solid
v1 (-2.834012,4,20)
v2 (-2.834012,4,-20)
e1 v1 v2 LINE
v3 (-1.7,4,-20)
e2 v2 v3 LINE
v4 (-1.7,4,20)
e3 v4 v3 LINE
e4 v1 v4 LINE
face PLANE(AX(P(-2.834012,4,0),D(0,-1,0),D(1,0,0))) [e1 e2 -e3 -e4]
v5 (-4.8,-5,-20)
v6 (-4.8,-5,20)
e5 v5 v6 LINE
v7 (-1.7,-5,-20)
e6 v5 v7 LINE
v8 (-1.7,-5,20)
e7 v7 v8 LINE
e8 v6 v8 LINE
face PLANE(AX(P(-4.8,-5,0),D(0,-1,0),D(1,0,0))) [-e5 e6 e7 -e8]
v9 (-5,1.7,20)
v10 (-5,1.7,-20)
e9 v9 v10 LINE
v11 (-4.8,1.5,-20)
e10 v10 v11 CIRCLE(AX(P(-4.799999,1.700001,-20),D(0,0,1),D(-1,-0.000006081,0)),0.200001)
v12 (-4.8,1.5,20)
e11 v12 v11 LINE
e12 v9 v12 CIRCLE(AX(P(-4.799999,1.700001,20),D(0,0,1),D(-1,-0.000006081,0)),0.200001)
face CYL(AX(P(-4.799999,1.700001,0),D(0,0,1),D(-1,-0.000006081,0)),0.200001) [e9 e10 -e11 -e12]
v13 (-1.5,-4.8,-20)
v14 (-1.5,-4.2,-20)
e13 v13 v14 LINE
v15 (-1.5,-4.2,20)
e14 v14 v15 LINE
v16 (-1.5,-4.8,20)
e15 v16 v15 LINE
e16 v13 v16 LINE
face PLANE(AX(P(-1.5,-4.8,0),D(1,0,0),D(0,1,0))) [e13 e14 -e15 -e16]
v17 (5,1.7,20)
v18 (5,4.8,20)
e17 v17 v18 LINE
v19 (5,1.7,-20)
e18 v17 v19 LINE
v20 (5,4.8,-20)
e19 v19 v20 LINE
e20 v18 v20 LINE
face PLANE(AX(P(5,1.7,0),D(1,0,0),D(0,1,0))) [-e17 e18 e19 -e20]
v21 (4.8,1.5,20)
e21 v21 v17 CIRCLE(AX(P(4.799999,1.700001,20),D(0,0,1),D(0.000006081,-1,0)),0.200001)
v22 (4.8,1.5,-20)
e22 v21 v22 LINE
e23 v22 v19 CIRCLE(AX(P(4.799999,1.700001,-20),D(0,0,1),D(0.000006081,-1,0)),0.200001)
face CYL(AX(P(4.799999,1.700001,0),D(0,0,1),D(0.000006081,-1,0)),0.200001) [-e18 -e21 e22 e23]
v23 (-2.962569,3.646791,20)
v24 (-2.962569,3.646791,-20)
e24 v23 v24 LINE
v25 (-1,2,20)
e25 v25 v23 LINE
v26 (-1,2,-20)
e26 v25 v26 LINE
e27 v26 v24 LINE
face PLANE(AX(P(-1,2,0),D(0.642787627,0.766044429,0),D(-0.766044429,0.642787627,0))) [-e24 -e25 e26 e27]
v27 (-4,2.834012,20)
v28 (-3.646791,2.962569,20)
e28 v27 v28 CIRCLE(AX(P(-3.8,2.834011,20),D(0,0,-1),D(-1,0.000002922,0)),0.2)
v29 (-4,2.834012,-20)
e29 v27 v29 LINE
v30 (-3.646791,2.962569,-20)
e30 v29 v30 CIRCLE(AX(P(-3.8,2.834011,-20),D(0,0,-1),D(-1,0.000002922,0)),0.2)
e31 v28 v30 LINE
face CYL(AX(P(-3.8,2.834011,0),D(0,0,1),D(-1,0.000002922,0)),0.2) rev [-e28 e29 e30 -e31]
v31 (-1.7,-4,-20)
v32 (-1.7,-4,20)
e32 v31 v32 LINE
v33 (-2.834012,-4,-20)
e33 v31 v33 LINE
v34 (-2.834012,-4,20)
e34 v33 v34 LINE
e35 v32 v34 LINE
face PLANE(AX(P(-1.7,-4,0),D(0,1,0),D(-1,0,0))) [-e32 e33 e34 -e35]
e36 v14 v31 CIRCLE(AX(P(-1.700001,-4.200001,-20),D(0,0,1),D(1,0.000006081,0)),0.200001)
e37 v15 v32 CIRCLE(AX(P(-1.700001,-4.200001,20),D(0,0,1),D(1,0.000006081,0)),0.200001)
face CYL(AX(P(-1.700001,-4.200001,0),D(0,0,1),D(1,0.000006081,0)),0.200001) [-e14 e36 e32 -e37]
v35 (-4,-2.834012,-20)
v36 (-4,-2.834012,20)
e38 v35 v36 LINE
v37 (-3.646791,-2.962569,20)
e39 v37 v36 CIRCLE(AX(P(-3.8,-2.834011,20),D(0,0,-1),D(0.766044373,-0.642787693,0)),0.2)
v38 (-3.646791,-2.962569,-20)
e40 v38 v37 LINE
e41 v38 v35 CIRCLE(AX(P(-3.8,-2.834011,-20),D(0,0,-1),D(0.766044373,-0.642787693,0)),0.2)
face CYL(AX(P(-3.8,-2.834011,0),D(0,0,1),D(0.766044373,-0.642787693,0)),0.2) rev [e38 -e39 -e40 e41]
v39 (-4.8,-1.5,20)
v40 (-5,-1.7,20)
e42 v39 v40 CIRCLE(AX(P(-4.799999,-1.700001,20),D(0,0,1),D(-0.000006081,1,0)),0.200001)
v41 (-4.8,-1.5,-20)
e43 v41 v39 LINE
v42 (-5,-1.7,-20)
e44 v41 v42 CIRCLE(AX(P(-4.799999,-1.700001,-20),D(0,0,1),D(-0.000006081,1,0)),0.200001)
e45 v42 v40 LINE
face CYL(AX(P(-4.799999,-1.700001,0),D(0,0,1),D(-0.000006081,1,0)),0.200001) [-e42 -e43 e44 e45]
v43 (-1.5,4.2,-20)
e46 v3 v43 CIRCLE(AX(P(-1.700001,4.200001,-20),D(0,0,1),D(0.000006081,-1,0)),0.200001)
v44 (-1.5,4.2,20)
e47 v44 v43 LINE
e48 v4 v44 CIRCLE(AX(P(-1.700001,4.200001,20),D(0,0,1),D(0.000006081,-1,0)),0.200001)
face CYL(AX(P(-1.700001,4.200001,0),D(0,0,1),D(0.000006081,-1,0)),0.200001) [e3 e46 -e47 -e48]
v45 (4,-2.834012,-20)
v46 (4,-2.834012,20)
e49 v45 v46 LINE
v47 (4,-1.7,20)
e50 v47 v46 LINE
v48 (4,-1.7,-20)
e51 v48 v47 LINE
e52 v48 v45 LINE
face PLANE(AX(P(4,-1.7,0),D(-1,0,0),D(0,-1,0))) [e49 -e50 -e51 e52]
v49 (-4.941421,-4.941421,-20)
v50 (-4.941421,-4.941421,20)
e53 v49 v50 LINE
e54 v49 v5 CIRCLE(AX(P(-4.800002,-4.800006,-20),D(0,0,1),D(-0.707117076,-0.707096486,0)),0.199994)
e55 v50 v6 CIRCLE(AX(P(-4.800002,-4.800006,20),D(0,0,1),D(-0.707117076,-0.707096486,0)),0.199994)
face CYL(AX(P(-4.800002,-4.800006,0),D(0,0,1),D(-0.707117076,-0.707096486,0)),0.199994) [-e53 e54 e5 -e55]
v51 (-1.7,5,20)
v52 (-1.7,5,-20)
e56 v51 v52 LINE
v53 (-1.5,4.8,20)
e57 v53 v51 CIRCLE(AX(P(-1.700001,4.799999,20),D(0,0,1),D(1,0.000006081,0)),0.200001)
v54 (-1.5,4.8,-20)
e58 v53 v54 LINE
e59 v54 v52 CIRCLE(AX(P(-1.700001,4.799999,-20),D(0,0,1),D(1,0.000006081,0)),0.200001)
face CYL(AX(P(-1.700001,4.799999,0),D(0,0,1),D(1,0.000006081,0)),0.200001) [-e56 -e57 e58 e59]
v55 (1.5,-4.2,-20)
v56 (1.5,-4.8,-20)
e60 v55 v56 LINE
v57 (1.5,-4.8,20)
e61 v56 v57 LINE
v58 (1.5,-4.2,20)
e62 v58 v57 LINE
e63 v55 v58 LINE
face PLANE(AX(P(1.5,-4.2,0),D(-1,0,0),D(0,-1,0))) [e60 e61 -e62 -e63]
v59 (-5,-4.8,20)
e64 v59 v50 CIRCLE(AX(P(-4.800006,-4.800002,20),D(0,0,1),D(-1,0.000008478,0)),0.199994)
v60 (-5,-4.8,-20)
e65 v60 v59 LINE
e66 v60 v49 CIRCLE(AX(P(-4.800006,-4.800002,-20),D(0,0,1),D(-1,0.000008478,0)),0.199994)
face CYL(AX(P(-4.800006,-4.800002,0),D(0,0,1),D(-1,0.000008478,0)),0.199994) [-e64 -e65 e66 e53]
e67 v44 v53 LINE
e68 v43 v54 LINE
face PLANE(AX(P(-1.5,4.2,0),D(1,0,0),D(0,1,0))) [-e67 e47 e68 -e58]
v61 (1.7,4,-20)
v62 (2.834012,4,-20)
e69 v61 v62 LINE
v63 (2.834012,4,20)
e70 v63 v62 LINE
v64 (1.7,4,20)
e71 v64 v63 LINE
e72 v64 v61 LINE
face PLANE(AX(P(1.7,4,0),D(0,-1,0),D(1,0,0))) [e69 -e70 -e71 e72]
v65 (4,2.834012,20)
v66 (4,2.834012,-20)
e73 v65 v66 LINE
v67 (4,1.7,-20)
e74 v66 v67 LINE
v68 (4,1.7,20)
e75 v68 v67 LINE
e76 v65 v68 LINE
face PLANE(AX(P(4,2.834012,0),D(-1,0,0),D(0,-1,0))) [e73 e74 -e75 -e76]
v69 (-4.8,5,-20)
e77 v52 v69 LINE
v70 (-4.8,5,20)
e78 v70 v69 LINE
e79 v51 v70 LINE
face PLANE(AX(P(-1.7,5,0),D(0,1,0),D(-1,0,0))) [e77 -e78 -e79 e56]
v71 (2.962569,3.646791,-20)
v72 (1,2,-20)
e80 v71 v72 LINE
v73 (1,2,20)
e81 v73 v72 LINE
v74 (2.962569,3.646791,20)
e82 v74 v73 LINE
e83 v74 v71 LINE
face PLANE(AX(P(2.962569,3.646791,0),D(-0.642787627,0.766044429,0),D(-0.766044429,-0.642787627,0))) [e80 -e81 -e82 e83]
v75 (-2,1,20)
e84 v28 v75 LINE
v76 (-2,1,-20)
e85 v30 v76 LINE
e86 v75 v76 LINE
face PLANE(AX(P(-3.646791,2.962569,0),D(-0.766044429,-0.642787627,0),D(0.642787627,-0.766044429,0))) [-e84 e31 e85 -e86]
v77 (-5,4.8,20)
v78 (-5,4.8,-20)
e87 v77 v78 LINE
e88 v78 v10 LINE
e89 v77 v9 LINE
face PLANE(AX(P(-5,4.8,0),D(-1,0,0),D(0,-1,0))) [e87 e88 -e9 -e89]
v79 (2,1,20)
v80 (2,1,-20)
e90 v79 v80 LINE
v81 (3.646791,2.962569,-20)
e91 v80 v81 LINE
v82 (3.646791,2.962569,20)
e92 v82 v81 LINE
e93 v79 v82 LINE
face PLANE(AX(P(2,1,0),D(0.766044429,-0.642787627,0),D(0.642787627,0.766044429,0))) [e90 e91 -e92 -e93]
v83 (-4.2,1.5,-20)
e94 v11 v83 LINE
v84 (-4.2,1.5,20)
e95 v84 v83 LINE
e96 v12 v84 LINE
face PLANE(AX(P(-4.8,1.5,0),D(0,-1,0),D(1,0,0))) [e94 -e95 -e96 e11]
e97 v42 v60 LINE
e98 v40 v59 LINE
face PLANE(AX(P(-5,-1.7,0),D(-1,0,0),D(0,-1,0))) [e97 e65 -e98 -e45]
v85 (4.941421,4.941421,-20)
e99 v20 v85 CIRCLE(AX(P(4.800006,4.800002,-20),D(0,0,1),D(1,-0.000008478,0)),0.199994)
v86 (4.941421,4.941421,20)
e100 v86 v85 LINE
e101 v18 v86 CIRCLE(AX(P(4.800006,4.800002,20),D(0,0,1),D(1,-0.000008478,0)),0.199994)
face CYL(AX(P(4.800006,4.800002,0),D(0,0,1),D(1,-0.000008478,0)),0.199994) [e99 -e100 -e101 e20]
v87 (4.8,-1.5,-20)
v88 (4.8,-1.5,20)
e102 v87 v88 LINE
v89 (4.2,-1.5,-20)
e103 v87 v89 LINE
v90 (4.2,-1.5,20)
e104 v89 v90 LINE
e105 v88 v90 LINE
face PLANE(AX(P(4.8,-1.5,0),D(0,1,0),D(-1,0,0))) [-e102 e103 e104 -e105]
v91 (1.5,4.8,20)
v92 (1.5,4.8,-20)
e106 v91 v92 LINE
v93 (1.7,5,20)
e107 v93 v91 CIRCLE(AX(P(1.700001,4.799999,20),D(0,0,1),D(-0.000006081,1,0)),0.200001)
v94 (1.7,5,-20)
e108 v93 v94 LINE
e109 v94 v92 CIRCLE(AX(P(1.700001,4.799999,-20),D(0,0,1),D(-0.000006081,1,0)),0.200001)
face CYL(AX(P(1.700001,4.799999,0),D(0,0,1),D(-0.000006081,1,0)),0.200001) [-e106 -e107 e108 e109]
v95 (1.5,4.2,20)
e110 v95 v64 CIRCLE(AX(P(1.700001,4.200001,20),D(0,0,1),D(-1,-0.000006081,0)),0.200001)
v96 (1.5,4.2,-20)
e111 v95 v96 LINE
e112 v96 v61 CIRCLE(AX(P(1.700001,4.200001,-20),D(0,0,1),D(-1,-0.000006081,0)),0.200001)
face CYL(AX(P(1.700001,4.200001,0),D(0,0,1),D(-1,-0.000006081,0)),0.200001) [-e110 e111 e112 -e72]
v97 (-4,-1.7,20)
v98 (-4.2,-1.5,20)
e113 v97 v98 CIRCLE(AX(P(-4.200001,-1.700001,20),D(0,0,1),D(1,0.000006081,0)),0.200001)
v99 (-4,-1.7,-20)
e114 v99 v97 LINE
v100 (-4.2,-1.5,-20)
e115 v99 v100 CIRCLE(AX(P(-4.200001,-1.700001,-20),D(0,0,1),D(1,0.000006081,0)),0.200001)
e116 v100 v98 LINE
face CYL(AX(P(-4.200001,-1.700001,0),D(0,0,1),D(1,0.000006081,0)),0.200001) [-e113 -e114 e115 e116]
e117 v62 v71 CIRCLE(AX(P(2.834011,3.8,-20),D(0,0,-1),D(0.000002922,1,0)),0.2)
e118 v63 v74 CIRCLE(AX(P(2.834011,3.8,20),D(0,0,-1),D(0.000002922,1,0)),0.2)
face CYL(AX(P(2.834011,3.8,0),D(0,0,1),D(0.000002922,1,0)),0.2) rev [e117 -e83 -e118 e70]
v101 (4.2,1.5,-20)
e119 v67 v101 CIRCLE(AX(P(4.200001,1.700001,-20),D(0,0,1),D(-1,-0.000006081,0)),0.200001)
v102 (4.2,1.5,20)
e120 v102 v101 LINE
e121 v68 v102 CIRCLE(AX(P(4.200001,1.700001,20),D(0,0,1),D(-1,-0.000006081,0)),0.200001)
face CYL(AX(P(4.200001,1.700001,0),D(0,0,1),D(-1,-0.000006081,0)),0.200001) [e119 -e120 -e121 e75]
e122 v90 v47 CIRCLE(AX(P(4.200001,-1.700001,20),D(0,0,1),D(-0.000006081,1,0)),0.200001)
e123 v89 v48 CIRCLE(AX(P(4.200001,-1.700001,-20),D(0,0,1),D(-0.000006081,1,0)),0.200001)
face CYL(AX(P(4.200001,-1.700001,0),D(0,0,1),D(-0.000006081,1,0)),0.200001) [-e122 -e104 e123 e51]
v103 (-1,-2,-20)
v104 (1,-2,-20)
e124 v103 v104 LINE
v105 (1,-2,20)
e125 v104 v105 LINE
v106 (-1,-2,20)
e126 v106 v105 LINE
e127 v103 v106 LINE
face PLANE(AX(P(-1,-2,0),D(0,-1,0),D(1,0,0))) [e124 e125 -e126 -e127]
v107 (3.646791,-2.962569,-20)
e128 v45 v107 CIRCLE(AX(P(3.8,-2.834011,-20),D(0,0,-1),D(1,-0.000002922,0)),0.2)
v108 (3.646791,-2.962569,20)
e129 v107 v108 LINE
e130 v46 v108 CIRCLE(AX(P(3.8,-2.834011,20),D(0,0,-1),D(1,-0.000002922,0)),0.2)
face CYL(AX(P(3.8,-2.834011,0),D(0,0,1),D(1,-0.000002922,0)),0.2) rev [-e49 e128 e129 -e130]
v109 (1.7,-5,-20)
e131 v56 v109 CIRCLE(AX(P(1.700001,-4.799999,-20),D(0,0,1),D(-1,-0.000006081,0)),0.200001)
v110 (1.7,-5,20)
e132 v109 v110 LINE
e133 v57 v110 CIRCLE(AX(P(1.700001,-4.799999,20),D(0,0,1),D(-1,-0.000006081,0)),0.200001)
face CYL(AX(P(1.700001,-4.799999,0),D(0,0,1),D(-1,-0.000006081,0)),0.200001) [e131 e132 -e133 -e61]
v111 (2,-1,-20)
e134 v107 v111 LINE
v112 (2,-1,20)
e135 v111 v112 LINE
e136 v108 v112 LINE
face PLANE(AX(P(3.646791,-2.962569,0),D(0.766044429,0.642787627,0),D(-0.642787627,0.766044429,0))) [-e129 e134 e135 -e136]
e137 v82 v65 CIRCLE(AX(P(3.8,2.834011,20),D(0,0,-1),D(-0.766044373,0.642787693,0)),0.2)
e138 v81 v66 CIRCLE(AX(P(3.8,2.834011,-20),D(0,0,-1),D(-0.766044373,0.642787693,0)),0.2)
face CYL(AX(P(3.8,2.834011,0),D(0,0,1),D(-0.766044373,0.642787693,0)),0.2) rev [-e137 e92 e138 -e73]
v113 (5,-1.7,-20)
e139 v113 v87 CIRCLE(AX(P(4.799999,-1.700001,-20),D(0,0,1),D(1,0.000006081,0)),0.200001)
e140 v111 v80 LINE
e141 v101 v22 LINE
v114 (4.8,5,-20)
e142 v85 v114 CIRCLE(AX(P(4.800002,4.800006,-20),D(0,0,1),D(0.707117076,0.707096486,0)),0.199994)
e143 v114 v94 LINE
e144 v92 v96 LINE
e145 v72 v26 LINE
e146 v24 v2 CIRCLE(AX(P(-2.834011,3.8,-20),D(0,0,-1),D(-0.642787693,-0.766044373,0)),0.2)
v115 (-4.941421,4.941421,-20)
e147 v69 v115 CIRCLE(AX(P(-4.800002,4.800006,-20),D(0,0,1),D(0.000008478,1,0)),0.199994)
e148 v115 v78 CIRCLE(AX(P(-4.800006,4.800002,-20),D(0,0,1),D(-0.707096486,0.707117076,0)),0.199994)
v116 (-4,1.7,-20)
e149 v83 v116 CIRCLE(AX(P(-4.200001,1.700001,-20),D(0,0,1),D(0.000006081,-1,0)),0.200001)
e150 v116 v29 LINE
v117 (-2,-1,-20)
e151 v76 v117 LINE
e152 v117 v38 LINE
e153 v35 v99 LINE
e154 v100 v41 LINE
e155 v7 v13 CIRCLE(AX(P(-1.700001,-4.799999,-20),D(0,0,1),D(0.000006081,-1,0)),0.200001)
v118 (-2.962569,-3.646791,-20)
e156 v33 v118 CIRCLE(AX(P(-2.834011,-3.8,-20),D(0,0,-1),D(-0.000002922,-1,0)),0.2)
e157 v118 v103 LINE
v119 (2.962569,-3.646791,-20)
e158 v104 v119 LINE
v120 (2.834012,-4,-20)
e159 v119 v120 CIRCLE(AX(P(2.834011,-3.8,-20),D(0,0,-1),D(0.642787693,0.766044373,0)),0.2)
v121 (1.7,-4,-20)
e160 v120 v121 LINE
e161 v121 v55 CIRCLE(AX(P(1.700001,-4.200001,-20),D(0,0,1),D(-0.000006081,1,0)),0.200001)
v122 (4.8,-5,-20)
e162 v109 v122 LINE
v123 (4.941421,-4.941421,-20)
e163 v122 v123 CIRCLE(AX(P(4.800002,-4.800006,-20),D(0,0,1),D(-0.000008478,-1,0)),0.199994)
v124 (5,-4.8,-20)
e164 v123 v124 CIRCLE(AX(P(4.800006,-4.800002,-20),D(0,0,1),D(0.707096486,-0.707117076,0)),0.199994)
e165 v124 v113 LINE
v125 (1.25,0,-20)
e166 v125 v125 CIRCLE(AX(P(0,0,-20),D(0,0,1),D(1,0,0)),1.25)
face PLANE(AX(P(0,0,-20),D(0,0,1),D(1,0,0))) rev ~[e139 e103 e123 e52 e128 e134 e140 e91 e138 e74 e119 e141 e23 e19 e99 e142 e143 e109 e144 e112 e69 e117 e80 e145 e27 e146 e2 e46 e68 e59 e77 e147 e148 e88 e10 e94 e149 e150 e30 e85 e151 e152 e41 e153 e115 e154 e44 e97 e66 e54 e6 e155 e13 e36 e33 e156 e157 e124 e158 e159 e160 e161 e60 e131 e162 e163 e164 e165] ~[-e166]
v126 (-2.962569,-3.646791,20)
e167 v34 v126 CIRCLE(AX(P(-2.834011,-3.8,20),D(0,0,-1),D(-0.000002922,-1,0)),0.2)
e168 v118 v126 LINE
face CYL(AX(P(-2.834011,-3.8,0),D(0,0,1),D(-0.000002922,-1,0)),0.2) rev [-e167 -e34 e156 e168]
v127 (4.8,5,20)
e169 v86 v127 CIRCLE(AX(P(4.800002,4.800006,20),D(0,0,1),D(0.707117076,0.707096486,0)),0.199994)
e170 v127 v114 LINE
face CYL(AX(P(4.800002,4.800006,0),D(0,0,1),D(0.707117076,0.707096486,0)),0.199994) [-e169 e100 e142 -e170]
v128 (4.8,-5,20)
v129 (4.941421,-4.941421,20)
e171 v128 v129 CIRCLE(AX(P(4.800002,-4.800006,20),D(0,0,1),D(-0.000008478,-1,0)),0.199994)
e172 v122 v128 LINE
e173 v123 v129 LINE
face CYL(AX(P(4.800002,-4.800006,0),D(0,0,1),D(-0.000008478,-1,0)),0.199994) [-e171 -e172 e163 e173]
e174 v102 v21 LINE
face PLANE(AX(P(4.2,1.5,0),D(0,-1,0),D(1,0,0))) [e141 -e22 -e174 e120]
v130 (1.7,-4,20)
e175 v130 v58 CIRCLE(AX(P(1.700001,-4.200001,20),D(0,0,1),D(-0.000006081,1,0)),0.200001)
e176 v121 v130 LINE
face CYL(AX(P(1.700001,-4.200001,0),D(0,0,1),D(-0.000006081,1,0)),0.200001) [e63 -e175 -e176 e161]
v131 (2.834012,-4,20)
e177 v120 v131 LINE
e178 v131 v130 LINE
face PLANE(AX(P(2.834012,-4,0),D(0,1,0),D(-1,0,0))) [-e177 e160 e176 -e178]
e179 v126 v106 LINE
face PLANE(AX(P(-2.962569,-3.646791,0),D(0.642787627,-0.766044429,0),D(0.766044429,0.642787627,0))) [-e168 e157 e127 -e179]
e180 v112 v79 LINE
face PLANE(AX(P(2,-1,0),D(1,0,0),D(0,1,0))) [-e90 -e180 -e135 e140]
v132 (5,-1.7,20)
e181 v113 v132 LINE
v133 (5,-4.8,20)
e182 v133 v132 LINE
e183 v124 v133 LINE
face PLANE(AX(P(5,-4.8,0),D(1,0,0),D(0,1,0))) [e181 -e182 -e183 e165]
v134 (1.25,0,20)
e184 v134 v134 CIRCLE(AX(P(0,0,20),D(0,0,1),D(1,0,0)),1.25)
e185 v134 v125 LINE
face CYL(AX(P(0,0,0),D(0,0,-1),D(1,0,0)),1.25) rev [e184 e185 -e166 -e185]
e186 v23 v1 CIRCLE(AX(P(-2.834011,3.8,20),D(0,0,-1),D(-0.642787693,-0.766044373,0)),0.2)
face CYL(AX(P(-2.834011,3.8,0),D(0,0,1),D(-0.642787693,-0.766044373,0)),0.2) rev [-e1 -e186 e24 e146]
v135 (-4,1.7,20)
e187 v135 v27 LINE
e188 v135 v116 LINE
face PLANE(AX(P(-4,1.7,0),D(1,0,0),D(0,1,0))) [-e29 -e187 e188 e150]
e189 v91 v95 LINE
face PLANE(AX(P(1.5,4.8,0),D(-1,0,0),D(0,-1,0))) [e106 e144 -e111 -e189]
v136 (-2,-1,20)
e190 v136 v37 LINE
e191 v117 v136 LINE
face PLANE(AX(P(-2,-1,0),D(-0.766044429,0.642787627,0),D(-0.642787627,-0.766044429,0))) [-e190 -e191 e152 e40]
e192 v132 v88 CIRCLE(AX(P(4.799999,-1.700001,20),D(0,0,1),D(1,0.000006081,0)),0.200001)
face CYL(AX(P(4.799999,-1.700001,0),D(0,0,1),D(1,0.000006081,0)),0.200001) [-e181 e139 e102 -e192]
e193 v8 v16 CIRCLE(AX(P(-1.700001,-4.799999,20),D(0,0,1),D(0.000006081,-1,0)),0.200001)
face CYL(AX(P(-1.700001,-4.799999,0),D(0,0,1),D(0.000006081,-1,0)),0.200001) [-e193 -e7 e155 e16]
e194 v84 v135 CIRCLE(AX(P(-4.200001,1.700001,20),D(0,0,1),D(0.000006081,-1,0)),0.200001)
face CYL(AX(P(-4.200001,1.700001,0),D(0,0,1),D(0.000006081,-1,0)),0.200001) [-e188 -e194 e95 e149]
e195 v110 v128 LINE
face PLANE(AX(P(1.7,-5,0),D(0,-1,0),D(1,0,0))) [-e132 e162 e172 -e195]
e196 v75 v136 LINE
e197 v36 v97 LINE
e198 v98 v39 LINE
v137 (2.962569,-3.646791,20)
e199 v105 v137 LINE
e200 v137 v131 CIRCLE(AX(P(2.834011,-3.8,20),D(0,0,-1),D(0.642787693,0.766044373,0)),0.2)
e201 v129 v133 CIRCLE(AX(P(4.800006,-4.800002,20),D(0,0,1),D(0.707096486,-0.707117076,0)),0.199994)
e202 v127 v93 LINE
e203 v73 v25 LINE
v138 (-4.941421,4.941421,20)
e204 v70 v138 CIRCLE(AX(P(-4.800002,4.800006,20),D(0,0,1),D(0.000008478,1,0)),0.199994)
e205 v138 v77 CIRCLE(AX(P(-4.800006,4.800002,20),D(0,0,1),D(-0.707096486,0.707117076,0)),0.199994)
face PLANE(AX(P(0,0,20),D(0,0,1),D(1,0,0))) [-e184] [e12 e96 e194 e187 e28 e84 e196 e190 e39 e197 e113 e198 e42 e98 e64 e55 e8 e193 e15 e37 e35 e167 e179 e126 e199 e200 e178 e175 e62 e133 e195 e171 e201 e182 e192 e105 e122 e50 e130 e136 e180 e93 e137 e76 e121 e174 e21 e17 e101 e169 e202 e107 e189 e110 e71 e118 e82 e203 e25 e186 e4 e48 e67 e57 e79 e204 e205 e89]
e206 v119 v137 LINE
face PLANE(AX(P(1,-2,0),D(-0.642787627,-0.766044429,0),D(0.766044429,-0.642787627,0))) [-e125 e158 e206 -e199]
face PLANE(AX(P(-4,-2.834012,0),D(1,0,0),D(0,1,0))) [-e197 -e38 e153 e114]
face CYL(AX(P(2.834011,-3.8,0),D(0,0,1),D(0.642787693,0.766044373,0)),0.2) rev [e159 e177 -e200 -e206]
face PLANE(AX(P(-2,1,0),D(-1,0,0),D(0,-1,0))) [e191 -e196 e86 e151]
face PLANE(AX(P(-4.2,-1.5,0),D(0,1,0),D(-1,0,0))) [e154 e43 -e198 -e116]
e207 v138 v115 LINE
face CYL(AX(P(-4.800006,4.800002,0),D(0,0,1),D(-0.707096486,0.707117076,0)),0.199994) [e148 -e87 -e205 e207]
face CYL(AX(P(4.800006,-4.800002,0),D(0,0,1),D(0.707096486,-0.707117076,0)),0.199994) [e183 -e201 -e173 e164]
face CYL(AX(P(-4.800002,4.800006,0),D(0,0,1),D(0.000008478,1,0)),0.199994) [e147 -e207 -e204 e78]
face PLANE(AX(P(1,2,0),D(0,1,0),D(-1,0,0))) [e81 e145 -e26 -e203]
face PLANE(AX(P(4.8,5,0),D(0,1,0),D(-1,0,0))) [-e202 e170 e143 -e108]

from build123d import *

# Parameters (mm, degrees)
F0_R     = 1.25
F1_DEPTH = 20


with BuildPart() as f1:
    # F0 (on Top) → F1 (new body, symmetric)
    with BuildSketch(Plane.XY):
        with BuildLine():
            Line((-2, 1), (-2, 0))
            Line((-2, 0), (-2, -1))
            Line((-2, -1), (-3.646791, -2.962569))
            ThreePointArc((-3.646791, -2.962569), (-3.868404, -3.02195), (-4, -2.834012))
            Line((-4, -2.834012), (-4, -1.7))
            ThreePointArc((-4, -1.7), (-4.058579, -1.558579), (-4.2, -1.5))
            Line((-4.2, -1.5), (-4.8, -1.5))
            ThreePointArc((-4.8, -1.5), (-4.941421, -1.558579), (-5, -1.7))
            Line((-5, -1.7), (-5, -4.8))
            ThreePointArc((-5, -4.8), (-4.984776, -4.876537), (-4.941421, -4.941421))
            ThreePointArc((-4.941421, -4.941421), (-4.876537, -4.984776), (-4.8, -5))
            Line((-4.8, -5), (-1.7, -5))
            ThreePointArc((-1.7, -5), (-1.558579, -4.941421), (-1.5, -4.8))
            Line((-1.5, -4.8), (-1.5, -4.2))
            ThreePointArc((-1.5, -4.2), (-1.558579, -4.058579), (-1.7, -4))
            Line((-1.7, -4), (-2.834012, -4))
            ThreePointArc((-2.834012, -4), (-3.02195, -3.868404), (-2.962569, -3.646791))
            Line((-2.962569, -3.646791), (-1, -2))
            Line((-1, -2), (0, -2))
            Line((0, -2), (1, -2))
            Line((1, -2), (2.962569, -3.646791))
            ThreePointArc((2.962569, -3.646791), (3.02195, -3.868404), (2.834012, -4))
            Line((2.834012, -4), (1.7, -4))
            ThreePointArc((1.7, -4), (1.558579, -4.058579), (1.5, -4.2))
            Line((1.5, -4.2), (1.5, -4.8))
            ThreePointArc((1.5, -4.8), (1.558579, -4.941421), (1.7, -5))
            Line((1.7, -5), (4.8, -5))
            ThreePointArc((4.8, -5), (4.876537, -4.984776), (4.941421, -4.941421))
            ThreePointArc((4.941421, -4.941421), (4.984776, -4.876537), (5, -4.8))
            Line((5, -4.8), (5, -1.7))
            ThreePointArc((5, -1.7), (4.941421, -1.558579), (4.8, -1.5))
            Line((4.8, -1.5), (4.2, -1.5))
            ThreePointArc((4.2, -1.5), (4.058579, -1.558579), (4, -1.7))
            Line((4, -1.7), (4, -2.834012))
            ThreePointArc((4, -2.834012), (3.868404, -3.02195), (3.646791, -2.962569))
            Line((3.646791, -2.962569), (2, -1))
            Line((2, -1), (2, 0))
            Line((2, 0), (2, 1))
            Line((2, 1), (3.646791, 2.962569))
            ThreePointArc((3.646791, 2.962569), (3.868404, 3.02195), (4, 2.834012))
            Line((4, 2.834012), (4, 1.7))
            ThreePointArc((4, 1.7), (4.058579, 1.558579), (4.2, 1.5))
            Line((4.2, 1.5), (4.8, 1.5))
            ThreePointArc((4.8, 1.5), (4.941421, 1.558579), (5, 1.7))
            Line((5, 1.7), (5, 4.8))
            ThreePointArc((5, 4.8), (4.984776, 4.876537), (4.941421, 4.941421))
            ThreePointArc((4.941421, 4.941421), (4.876537, 4.984776), (4.8, 5))
            Line((4.8, 5), (1.7, 5))
            ThreePointArc((1.7, 5), (1.558579, 4.941421), (1.5, 4.8))
            Line((1.5, 4.8), (1.5, 4.2))
            ThreePointArc((1.5, 4.2), (1.558579, 4.058579), (1.7, 4))
            Line((1.7, 4), (2.834012, 4))
            ThreePointArc((2.834012, 4), (3.02195, 3.868404), (2.962569, 3.646791))
            Line((2.962569, 3.646791), (1, 2))
            Line((1, 2), (0, 2))
            Line((0, 2), (-1, 2))
            Line((-1, 2), (-2.962569, 3.646791))
            ThreePointArc((-2.962569, 3.646791), (-3.02195, 3.868404), (-2.834012, 4))
            Line((-2.834012, 4), (-1.7, 4))
            ThreePointArc((-1.7, 4), (-1.558579, 4.058579), (-1.5, 4.2))
            Line((-1.5, 4.2), (-1.5, 4.8))
            ThreePointArc((-1.5, 4.8), (-1.558579, 4.941421), (-1.7, 5))
            Line((-1.7, 5), (-4.8, 5))
            ThreePointArc((-4.8, 5), (-4.876537, 4.984776), (-4.941421, 4.941421))
            ThreePointArc((-4.941421, 4.941421), (-4.984776, 4.876537), (-5, 4.8))
            Line((-5, 4.8), (-5, 1.7))
            ThreePointArc((-5, 1.7), (-4.941421, 1.558579), (-4.8, 1.5))
            Line((-4.8, 1.5), (-4.2, 1.5))
            ThreePointArc((-4.2, 1.5), (-4.058579, 1.558579), (-4, 1.7))
            Line((-4, 1.7), (-4, 2.834012))
            ThreePointArc((-4, 2.834012), (-3.868404, 3.02195), (-3.646791, 2.962569))
            Line((-3.646791, 2.962569), (-2, 1))
        make_face()
        Circle(F0_R, mode=Mode.SUBTRACT)
    extrude(amount=F1_DEPTH, both=True)


solid = f1.part
